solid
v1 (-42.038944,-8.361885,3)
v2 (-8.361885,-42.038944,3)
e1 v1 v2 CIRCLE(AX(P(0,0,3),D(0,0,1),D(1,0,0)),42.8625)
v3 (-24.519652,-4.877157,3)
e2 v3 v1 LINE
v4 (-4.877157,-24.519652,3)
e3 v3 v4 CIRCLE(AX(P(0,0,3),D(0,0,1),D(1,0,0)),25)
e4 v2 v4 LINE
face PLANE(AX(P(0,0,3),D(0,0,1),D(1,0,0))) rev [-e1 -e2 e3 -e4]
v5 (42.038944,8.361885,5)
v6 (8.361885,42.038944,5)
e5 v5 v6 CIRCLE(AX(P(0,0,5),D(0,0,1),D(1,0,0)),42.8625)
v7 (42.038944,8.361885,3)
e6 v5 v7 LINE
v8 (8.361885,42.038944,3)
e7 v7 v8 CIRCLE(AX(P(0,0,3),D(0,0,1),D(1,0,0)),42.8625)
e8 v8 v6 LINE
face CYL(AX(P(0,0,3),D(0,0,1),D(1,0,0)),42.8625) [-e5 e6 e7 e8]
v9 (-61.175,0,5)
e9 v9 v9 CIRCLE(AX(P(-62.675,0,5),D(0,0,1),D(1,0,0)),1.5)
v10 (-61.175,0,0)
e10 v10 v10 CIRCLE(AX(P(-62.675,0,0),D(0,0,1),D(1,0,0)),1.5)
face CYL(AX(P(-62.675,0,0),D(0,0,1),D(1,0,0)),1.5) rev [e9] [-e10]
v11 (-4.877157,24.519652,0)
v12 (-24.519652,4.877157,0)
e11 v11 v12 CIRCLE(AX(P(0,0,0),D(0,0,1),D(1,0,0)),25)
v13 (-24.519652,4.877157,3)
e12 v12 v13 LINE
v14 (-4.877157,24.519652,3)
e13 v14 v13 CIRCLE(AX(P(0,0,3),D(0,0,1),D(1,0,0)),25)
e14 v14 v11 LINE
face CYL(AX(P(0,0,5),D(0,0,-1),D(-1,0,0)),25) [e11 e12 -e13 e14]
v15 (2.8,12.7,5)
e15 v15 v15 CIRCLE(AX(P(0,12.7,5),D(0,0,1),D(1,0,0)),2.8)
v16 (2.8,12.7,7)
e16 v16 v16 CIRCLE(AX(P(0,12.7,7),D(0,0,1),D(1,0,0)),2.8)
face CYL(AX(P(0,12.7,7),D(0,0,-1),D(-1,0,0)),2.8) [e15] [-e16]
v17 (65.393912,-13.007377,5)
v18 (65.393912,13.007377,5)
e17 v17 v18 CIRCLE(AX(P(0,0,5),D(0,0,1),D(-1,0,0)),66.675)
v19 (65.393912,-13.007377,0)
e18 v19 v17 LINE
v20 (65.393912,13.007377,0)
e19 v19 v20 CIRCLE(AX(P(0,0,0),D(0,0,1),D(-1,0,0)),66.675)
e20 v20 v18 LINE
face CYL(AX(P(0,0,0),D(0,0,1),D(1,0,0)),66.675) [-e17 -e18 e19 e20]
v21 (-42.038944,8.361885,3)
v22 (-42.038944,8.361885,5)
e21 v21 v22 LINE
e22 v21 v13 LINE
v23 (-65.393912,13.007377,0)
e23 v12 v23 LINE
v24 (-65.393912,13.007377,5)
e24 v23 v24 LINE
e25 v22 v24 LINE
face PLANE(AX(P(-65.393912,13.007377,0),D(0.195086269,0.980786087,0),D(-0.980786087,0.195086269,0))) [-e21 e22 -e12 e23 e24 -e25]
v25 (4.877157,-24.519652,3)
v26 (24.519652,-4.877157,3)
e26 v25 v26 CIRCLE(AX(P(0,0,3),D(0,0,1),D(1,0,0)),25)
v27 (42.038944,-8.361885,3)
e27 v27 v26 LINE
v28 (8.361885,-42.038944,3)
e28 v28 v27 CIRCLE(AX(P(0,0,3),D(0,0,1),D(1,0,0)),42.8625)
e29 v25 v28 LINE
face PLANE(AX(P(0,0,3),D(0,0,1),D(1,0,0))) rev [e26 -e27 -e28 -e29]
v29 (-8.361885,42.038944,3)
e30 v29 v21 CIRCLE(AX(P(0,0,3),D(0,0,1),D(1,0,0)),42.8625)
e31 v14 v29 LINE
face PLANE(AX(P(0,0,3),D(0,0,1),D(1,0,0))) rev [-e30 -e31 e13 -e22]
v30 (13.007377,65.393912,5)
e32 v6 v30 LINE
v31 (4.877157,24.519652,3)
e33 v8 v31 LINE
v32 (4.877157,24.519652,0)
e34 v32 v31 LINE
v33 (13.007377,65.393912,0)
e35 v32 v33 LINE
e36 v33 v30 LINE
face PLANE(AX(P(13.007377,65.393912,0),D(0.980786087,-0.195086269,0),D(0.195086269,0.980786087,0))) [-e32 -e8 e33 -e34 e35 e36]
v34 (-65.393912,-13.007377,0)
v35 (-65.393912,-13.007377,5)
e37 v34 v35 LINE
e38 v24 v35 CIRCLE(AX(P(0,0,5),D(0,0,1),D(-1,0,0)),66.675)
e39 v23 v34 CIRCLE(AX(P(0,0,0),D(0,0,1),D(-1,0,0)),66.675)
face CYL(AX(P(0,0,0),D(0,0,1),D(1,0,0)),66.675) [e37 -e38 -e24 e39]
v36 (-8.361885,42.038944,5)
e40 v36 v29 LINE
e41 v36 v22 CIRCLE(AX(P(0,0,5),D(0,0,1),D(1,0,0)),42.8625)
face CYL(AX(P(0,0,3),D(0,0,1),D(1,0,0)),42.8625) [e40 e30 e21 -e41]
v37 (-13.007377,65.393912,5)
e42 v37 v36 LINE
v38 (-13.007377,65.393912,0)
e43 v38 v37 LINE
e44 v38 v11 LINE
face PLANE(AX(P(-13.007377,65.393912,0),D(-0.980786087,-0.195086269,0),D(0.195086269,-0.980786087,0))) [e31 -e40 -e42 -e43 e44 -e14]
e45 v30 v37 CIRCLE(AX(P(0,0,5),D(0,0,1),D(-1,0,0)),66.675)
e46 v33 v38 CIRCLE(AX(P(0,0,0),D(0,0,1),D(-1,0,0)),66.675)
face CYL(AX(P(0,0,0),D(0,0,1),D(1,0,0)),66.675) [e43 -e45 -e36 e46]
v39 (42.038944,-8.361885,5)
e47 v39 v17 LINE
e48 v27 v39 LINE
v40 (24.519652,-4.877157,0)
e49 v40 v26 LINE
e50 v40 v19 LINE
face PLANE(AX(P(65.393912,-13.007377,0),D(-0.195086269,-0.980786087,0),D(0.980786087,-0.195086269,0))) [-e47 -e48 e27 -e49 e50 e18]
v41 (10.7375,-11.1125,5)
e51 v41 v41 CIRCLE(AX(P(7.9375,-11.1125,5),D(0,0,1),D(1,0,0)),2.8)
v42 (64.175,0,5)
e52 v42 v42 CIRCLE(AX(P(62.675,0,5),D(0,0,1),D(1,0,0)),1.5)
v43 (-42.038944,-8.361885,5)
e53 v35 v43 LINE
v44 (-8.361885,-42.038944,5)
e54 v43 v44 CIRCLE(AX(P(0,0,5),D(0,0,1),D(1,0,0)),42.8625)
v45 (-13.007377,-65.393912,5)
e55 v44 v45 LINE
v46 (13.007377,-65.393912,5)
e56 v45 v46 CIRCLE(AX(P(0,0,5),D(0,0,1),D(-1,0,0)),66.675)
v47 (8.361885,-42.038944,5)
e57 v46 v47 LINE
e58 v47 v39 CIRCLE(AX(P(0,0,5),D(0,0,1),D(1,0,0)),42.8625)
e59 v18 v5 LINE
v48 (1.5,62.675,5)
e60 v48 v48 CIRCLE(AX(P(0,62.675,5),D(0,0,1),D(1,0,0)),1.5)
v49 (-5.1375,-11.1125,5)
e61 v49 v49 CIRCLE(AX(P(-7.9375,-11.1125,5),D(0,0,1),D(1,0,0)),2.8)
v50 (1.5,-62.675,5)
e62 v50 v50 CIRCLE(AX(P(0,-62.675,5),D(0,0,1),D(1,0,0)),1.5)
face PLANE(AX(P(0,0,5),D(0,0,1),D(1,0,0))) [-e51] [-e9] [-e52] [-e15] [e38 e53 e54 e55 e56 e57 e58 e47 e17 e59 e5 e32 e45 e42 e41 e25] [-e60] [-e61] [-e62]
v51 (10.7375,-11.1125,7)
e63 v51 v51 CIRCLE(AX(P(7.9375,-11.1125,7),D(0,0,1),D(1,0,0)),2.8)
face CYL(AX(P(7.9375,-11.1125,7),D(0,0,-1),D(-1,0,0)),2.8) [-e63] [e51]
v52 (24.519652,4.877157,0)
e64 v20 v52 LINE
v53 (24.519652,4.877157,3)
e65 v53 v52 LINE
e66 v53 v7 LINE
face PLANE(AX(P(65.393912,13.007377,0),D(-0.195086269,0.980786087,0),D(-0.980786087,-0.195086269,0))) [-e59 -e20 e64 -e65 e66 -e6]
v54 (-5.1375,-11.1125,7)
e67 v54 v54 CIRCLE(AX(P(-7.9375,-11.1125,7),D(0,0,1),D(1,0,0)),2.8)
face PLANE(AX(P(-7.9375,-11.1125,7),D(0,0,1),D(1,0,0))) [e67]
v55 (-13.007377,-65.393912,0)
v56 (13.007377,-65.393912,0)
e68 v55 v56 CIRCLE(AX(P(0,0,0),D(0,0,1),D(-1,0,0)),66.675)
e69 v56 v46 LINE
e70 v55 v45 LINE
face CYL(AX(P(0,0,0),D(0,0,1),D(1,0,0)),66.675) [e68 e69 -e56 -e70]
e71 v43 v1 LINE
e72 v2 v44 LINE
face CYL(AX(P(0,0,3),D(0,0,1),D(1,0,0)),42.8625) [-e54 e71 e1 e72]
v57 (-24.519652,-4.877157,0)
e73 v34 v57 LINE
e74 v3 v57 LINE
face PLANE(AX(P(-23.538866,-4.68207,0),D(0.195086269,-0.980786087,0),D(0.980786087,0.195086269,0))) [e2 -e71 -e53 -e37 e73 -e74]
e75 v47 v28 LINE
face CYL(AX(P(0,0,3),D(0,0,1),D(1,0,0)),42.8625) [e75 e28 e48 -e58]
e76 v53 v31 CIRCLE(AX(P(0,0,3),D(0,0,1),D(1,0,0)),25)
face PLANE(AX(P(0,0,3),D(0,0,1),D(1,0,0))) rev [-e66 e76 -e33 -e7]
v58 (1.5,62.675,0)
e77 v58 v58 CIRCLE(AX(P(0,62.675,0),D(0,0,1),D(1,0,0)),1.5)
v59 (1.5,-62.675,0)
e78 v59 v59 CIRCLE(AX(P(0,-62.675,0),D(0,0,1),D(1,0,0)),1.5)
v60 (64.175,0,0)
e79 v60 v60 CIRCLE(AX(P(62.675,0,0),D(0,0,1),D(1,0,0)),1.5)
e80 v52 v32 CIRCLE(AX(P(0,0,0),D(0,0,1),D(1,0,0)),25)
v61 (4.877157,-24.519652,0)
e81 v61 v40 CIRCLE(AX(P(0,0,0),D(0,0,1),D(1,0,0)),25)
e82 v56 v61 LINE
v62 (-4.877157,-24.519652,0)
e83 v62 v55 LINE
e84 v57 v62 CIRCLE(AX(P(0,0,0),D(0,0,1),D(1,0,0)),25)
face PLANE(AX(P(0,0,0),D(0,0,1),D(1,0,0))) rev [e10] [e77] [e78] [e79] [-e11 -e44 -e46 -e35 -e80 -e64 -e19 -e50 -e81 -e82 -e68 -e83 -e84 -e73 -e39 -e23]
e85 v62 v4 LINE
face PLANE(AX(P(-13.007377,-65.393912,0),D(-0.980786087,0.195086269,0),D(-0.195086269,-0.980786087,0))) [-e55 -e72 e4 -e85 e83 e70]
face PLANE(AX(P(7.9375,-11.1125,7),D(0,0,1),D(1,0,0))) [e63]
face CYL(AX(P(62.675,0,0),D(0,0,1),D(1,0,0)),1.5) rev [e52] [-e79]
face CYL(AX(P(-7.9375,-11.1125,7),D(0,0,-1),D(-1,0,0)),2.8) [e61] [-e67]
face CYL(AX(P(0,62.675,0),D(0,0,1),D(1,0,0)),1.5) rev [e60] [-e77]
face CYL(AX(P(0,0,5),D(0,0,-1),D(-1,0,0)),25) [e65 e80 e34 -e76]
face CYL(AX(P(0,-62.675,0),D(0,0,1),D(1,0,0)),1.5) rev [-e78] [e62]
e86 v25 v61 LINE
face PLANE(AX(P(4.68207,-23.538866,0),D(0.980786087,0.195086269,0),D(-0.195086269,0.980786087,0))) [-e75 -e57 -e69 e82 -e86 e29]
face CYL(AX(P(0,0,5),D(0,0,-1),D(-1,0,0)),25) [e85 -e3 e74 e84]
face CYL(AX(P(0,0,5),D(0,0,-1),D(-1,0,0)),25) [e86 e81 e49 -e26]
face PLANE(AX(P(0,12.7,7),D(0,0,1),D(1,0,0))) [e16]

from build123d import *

# Parameters (mm, degrees)
SKETCH1_R      = 25
EXTRUDE1_DEPTH = 5
SKETCH4_R      = 1.5
EXTRUDE2_DEPTH = 5
SKETCH6_R      = 2.8
EXTRUDE4_DEPTH = 2
SKETCH7_R      = 42.8625
SKETCH7_R_2    = 23.8125
EXTRUDE5_DEPTH = 2


with BuildPart() as part:
    # Sketch1 → Extrude1 (new body)
    with BuildSketch(Plane.XY):
        Circle(SKETCH1_R)
    extrude(amount=EXTRUDE1_DEPTH)

    # Sketch4 → Extrude2 (add)
    with BuildSketch(Plane.XY.offset(5)):
        with BuildLine():
            Line((-13.007376983, 65.393912324), (-4.682070455, 23.538866078))
            ThreePointArc((-4.682070455, 23.538866078), (0, 24), (4.682070455, 23.538866078))
            Line((4.682070455, 23.538866078), (13.007376983, 65.393912324))
            ThreePointArc((13.007376983, 65.393912324), (0, 66.675), (-13.007376983, 65.393912324))
        make_face()
        with Locations((0, 62.675)):
            Circle(SKETCH4_R, mode=Mode.SUBTRACT)
        with BuildLine():
            Line((65.393912324, 13.007376983), (23.538866078, 4.682070455))
            ThreePointArc((23.538866078, 4.682070455), (24, 0), (23.538866078, -4.682070455))
            Line((23.538866078, -4.682070455), (65.393912324, -13.007376983))
            ThreePointArc((65.393912324, -13.007376983), (66.675, 0), (65.393912324, 13.007376983))
        make_face()
        with Locations((62.675, 0)):
            Circle(SKETCH4_R, mode=Mode.SUBTRACT)
        with BuildLine():
            Line((4.682070455, -23.538866078), (13.007376983, -65.393912324))
            ThreePointArc((13.007376983, -65.393912324), (0, -66.675), (-13.007376983, -65.393912324))
            Line((-13.007376983, -65.393912324), (-4.682070455, -23.538866078))
            ThreePointArc((-4.682070455, -23.538866078), (0, -24), (4.682070455, -23.538866078))
        make_face()
        with Locations((0, -62.675)):
            Circle(SKETCH4_R, mode=Mode.SUBTRACT)
        with BuildLine():
            Line((-23.538866078, -4.682070455), (-65.393912324, -13.007376983))
            ThreePointArc((-65.393912324, -13.007376983), (-66.675, 0), (-65.393912324, 13.007376983))
            Line((-65.393912324, 13.007376983), (-23.538866078, 4.682070455))
            ThreePointArc((-23.538866078, 4.682070455), (-24, 0), (-23.538866078, -4.682070455))
        make_face()
        with Locations((-62.675, 0)):
            Circle(SKETCH4_R, mode=Mode.SUBTRACT)
    extrude(amount=-EXTRUDE2_DEPTH)

    # Sketch6 → Extrude4 (add)
    with BuildSketch(Plane.XY.offset(5)):
        with Locations((-7.9375, -11.1125)):
            Circle(SKETCH6_R)
        with Locations((7.9375, -11.1125)):
            Circle(SKETCH6_R)
        with Locations((0, 12.7)):
            Circle(SKETCH6_R)
    extrude(amount=EXTRUDE4_DEPTH)

    # Sketch7 → Extrude5 (add)
    with BuildSketch(Plane.XY.offset(5)):
        Circle(SKETCH7_R)
        Circle(SKETCH7_R_2, mode=Mode.SUBTRACT)
    extrude(amount=-EXTRUDE5_DEPTH)


solid = part.part
